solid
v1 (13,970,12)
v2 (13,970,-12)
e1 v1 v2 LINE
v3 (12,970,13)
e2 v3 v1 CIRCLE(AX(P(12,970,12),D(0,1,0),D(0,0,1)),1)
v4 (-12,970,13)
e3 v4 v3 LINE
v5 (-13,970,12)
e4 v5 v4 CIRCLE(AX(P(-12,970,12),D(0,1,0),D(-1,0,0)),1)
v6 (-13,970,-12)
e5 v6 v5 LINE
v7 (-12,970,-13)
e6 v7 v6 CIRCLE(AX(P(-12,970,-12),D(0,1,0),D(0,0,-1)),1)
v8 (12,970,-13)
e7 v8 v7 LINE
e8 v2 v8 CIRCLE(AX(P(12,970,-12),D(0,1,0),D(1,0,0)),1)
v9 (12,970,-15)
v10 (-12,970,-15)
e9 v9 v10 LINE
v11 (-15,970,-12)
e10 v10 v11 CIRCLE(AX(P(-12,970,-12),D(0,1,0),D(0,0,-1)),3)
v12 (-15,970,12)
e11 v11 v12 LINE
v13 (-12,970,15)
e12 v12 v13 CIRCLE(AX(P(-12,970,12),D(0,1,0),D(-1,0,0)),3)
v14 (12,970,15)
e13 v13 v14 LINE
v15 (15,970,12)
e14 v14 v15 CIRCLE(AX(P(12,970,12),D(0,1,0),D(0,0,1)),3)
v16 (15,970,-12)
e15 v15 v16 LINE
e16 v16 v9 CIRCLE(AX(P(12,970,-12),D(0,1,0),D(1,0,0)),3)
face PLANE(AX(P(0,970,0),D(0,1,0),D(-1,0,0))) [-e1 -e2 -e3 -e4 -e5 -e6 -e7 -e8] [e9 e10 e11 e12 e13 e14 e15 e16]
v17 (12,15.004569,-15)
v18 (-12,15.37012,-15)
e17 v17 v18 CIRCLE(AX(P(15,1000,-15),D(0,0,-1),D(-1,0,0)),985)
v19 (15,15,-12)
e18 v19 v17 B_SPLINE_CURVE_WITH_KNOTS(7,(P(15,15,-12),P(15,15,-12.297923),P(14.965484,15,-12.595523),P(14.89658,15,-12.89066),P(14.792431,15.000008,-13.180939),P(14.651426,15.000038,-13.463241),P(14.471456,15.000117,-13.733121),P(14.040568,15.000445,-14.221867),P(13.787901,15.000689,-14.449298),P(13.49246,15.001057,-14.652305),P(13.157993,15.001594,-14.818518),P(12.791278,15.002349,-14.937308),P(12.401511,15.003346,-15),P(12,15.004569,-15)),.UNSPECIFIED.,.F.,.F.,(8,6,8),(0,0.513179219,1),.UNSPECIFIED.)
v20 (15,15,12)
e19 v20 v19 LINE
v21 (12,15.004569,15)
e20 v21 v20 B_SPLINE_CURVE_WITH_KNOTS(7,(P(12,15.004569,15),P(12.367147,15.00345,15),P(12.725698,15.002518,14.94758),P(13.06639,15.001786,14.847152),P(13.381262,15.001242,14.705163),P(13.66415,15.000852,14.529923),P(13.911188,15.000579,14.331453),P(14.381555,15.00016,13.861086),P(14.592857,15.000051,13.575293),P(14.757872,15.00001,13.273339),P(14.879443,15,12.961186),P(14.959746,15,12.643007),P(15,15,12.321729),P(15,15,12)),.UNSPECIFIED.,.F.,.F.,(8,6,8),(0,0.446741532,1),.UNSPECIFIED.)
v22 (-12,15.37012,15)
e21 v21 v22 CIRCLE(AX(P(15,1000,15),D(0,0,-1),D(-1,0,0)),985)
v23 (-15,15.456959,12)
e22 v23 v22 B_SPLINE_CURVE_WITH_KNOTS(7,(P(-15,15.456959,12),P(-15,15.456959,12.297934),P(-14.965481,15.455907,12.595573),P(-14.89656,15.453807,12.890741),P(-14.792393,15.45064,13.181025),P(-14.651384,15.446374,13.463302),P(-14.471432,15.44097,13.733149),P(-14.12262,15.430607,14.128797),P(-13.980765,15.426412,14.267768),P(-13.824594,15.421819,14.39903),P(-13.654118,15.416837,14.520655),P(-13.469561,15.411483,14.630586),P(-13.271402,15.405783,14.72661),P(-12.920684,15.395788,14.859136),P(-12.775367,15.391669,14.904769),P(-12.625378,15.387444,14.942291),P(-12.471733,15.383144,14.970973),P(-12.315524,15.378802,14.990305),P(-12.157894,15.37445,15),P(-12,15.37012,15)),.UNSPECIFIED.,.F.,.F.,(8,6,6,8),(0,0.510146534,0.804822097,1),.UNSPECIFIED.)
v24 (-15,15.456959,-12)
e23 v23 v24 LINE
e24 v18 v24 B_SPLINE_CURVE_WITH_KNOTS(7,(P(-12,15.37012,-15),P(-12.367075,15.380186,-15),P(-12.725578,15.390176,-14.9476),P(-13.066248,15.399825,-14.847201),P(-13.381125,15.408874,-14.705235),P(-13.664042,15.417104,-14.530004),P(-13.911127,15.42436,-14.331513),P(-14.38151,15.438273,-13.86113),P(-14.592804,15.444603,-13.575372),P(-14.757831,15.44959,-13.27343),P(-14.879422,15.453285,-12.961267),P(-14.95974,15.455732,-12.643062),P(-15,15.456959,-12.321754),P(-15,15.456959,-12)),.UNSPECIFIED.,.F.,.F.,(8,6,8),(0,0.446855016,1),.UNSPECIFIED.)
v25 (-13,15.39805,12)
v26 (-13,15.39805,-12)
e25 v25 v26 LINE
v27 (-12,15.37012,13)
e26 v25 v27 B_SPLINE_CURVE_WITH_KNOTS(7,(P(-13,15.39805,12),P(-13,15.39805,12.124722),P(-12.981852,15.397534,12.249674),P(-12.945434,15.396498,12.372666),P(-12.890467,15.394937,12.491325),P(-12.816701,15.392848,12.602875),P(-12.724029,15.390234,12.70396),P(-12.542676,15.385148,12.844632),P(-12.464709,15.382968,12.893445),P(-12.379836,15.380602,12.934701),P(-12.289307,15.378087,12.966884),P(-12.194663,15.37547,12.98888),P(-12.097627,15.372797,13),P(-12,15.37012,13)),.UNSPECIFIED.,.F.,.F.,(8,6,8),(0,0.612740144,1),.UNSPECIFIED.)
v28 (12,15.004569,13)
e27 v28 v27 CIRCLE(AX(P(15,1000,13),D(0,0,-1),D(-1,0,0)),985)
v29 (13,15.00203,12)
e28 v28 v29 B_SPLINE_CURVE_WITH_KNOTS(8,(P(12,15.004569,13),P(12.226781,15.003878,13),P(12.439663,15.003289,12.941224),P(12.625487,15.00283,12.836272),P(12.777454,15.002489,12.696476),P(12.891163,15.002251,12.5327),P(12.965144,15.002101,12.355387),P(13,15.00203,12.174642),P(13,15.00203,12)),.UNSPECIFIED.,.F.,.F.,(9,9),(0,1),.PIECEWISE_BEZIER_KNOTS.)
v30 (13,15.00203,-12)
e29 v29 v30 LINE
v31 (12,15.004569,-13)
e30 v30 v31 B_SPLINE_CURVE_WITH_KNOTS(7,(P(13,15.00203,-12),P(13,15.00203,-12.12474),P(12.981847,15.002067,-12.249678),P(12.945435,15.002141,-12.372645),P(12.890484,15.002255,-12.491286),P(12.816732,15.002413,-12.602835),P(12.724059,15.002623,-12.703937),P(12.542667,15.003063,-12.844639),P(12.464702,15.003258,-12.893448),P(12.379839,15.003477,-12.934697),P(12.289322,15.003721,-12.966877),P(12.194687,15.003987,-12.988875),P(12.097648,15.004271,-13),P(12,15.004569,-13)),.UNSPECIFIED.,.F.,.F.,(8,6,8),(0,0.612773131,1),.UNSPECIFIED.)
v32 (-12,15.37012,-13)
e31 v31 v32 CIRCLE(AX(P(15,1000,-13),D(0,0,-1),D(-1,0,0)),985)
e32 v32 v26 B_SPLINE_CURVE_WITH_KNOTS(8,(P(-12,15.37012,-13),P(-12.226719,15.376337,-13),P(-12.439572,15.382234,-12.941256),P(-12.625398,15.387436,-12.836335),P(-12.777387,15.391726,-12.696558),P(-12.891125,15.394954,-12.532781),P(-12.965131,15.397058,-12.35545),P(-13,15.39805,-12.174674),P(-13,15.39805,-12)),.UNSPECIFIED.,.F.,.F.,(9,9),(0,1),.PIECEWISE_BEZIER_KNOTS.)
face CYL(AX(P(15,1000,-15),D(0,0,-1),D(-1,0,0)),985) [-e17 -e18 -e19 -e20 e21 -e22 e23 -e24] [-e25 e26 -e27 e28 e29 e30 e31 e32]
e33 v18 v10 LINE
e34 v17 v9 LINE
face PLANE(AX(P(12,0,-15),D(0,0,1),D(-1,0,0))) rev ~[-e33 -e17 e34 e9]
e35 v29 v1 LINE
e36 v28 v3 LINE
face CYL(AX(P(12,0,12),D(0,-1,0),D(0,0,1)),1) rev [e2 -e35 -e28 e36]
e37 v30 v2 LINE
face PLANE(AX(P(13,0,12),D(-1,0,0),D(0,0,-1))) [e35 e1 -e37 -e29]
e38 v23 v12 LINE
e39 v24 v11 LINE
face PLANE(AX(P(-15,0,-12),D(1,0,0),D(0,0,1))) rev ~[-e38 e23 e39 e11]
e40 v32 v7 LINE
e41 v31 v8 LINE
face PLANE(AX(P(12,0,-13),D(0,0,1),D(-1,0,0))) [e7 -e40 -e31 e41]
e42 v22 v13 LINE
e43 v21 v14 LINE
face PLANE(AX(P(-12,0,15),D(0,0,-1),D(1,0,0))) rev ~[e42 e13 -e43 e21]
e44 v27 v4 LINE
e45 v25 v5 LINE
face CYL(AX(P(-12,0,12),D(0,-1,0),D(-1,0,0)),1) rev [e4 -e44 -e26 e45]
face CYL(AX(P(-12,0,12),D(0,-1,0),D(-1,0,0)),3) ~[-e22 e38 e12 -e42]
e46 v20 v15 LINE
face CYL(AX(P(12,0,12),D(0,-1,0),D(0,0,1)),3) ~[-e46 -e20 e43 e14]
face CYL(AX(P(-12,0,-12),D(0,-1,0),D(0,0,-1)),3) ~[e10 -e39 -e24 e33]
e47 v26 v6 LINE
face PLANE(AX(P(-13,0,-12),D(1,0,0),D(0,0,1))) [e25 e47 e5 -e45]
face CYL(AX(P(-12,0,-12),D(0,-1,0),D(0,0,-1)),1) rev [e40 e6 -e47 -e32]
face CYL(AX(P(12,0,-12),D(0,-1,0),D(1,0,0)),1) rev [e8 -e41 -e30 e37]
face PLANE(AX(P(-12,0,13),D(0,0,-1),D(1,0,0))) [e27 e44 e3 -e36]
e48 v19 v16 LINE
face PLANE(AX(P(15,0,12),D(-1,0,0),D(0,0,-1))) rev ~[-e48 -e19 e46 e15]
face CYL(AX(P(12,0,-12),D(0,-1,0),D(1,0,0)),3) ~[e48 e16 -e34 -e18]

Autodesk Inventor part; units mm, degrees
ref_plane "YZ Plane" through (0, 0, 0) normal (1, 0, 0) x (0, 1, 0)
ref_plane "XZ Plane" through (0, 0, 0) normal (0, 1, 0) x (-1, 0, 0)
sketch "Sketch1" plane through (0, 0, 0) normal (0, 1, 0) x (-1, 0, 0)
  line L0 (-12, 14) -> (12, 14) construction
  line L1 (14, 12) -> (14, -12) construction
  line L2 (12, -14) -> (-12, -14) construction
  line L3 (-14, -12) -> (-14, 12) construction
  line L4 (-14, 14) -> (14, -14) construction
  line L5 (14, 14) -> (-14, -14) construction
  arc A0 (14, 12) -> (12, 14) centre (12, 12) ccw construction
  arc A1 (12, -14) -> (14, -12) centre (12, -12) ccw construction
  arc A2 (-14, -12) -> (-12, -14) centre (-12, -12) ccw construction
  arc A3 (-12, 14) -> (-14, 12) centre (-12, 12) ccw construction
  line L6 (-12, -15) -> (12, -15)
  arc A4 (12, -15) -> (15, -12) centre (12, -12) ccw
  line L7 (15, -12) -> (15, 12)
  arc A5 (15, 12) -> (12, 15) centre (12, 12) ccw
  line L8 (12, 15) -> (-12, 15)
  arc A6 (-12, 15) -> (-15, 12) centre (-12, 12) ccw
  line L9 (-15, 12) -> (-15, -12)
  arc A7 (-15, -12) -> (-12, -15) centre (-12, -12) ccw
  line L10 (13, -12) -> (13, 12)
  arc A8 (13, 12) -> (12, 13) centre (12, 12) ccw
  line L11 (12, 13) -> (-12, 13)
  arc A9 (-12, 13) -> (-13, 12) centre (-12, 12) ccw
  line L12 (-13, 12) -> (-13, -12)
  arc A10 (-13, -12) -> (-12, -13) centre (-12, -12) ccw
  line L13 (-12, -13) -> (12, -13)
  arc A11 (12, -13) -> (13, -12) centre (12, -12) ccw
  point P0 (0, 0)
  point P1 (0, 0)
  point P2 (0, 0)
  dimension "d10" = 2
  dimension "depth" = 30
  dimension "width" = 30
  dimension "thickness" = 2
extrude "Extrusion1" add sketch "Sketch1" along normal blind 970
ref_plane "Work Plane1" through (0, 485, 0) normal (0, -1, 0) x (1, 0, 0)
sketch "Sketch3" plane through (12, 0, -15) normal (0, 0, -1) x (-1, 0, 0)
  line L0 (12, -397) -> (12, 2382) construction
  circle A0 centre (-3, 1000) radius 985
  point P0 (12, 0)
  dimension "d29" = 1970
  dimension "d31" = 1000
  dimension "d34" = 15
extrude "Extrusion2" cut sketch "Sketch3" against normal through all keep common part
equation "\"d10\" = thickness"
properties part number "podest duzy profil 2" material "Steel"
